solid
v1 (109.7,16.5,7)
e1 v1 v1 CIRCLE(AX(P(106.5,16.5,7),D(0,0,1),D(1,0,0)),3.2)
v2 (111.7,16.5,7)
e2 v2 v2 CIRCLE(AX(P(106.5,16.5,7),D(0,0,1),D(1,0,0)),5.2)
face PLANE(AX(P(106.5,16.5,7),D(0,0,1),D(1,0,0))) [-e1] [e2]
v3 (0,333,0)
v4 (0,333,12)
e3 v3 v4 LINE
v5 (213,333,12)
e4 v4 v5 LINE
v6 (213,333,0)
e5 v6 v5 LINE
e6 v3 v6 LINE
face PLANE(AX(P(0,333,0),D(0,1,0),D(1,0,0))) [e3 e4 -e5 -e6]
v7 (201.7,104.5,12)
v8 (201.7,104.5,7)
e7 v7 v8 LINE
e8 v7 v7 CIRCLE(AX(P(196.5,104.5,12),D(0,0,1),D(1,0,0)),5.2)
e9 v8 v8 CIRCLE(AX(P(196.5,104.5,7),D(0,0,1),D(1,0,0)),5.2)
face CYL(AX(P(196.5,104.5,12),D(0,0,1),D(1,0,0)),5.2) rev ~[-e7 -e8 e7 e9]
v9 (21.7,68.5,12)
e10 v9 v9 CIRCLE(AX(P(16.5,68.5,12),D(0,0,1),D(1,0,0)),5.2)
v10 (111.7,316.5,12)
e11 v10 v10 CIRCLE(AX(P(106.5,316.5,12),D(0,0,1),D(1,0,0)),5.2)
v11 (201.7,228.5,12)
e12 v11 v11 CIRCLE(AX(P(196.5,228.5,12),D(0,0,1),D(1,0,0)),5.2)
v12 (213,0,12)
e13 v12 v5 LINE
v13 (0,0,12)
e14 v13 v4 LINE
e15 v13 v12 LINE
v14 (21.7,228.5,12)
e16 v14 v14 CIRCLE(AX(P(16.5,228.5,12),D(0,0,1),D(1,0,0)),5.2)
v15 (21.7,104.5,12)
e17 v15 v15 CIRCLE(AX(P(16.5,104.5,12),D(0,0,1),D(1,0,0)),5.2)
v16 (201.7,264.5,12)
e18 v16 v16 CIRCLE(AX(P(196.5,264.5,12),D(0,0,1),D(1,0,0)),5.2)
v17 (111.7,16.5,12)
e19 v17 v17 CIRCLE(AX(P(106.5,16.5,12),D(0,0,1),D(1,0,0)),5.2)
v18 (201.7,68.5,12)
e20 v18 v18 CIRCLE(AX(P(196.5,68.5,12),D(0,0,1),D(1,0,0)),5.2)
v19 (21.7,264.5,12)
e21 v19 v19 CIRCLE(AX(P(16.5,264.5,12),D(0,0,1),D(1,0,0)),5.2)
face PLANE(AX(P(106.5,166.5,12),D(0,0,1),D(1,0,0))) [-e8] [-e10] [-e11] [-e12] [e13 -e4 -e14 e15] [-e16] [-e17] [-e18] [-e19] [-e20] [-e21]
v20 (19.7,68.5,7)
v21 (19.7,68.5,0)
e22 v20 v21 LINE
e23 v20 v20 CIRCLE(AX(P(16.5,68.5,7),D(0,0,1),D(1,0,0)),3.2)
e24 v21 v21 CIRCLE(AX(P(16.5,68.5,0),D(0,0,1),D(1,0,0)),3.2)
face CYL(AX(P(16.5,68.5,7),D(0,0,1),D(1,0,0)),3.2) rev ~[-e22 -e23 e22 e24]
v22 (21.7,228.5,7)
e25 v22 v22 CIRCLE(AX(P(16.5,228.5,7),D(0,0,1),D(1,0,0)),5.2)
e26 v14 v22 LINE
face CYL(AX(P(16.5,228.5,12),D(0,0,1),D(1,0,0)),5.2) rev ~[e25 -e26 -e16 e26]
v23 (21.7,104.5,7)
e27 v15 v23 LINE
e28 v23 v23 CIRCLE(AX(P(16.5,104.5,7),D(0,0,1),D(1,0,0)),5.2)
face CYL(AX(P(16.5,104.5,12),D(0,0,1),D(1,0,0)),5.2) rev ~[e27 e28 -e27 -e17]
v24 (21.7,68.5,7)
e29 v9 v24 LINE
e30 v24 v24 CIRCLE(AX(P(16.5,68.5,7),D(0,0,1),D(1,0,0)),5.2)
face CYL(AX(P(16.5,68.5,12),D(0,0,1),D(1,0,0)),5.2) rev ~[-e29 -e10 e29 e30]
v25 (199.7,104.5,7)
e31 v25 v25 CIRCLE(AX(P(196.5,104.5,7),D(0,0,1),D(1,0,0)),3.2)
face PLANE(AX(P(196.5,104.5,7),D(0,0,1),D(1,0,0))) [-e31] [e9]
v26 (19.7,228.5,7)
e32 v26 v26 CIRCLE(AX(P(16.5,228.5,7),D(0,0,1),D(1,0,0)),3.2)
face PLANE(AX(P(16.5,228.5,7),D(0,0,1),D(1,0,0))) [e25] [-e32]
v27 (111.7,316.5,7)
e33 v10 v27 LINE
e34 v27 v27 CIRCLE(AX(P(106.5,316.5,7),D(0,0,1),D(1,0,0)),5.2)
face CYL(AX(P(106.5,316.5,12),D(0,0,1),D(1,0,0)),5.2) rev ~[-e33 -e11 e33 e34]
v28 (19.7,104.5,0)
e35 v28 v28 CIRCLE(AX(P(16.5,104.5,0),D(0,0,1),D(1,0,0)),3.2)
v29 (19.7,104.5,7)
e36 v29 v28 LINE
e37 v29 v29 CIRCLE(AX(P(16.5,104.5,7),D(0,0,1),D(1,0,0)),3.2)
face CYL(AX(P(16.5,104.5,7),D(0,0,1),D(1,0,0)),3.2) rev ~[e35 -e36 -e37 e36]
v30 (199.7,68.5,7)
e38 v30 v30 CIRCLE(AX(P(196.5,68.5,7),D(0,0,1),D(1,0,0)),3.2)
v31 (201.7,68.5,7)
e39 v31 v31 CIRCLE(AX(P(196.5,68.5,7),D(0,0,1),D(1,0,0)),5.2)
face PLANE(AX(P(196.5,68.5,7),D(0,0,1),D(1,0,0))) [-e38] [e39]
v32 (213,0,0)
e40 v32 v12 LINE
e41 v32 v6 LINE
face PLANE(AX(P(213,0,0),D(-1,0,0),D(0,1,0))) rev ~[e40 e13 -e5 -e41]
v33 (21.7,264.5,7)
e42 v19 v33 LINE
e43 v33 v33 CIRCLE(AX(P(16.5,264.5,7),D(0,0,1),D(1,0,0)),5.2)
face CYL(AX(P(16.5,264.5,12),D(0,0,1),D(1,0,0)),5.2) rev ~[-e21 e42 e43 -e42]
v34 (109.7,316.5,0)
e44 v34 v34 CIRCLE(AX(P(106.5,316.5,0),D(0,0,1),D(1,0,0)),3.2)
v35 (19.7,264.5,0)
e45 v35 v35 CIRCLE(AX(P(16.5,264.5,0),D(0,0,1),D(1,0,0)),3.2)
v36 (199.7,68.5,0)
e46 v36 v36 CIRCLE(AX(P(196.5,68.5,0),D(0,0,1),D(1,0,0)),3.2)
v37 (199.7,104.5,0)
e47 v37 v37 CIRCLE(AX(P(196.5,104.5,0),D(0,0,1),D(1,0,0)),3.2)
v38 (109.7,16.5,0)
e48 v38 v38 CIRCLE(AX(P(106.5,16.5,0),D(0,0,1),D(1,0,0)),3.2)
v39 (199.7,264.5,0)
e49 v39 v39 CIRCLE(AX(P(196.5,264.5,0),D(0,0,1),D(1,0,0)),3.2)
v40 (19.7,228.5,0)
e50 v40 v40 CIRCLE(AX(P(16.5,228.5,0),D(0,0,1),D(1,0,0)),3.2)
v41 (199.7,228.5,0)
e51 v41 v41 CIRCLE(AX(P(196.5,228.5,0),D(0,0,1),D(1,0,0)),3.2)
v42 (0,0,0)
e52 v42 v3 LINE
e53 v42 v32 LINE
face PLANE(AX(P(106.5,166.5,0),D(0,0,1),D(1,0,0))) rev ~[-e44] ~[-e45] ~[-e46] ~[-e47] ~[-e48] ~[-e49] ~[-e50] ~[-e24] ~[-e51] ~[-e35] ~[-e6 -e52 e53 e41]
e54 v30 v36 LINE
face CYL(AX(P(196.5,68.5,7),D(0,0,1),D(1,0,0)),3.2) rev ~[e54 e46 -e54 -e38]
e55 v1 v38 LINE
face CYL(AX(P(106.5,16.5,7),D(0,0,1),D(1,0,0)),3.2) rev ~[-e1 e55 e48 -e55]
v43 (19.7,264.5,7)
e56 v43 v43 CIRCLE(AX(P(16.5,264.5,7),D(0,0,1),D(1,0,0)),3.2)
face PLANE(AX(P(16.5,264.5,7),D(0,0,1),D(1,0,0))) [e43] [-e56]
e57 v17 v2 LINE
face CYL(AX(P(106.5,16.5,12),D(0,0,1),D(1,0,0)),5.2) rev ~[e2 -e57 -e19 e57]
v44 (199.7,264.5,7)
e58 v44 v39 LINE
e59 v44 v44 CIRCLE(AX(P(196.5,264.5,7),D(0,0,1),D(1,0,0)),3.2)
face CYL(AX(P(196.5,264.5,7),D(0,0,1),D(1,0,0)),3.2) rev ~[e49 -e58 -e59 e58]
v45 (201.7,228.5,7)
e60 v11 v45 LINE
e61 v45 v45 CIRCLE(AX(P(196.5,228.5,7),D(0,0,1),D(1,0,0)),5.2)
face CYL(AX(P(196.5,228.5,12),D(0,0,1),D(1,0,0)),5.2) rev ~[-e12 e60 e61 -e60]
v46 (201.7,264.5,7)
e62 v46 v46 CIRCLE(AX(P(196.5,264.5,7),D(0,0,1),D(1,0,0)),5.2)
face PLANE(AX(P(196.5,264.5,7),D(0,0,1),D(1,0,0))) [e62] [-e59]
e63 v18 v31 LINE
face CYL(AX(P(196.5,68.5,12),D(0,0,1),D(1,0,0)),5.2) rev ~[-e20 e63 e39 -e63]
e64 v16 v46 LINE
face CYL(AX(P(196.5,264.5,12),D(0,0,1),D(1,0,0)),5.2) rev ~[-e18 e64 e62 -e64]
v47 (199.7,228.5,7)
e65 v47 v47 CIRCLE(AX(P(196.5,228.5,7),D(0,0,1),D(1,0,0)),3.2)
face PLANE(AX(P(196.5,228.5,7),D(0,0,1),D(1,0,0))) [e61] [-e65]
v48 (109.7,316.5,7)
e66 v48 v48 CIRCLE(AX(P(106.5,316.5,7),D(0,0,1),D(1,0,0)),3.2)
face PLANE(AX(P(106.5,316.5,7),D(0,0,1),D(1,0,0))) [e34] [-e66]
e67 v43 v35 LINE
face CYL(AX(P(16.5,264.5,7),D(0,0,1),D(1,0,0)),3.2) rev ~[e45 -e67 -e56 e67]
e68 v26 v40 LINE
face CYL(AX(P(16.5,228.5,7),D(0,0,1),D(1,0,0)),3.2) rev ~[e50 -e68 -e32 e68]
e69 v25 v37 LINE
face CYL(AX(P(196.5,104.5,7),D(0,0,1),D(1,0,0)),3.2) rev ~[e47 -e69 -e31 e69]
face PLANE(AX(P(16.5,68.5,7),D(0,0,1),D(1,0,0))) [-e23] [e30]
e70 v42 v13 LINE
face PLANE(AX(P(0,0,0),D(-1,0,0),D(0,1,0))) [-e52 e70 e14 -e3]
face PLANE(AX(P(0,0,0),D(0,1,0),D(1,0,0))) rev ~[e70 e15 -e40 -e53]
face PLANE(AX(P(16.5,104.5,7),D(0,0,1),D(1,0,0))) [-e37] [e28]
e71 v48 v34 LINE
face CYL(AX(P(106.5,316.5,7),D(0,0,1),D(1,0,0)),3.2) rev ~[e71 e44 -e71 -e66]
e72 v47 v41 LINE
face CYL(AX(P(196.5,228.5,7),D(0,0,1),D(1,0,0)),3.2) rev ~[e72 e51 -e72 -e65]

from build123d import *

# Parameters (mm, degrees)
SKETCH_W        = 213
SKETCH_H        = 333
PAD_DEPTH       = 12
SKETCH001_R     = 5.2
POCKET_DEPTH    = 5
SKETCH002_R     = 3.2
POCKET001_DEPTH = 7


with BuildPart() as part:
    # Sketch → Pad (new body)
    with BuildSketch(Plane.XY):
        with Locations((106.5, 166.5)):
            Rectangle(SKETCH_W, SKETCH_H)
    extrude(amount=PAD_DEPTH)

    # Sketch001 (on Face6 of Pad) → Pocket (cut)
    with BuildSketch(Plane.XY.offset(12)):
        with Locations((16.5, 264.5)):
            Circle(SKETCH001_R)
        with Locations((16.5, 228.5)):
            Circle(SKETCH001_R)
        with Locations((16.5, 104.5)):
            Circle(SKETCH001_R)
        with Locations((16.5, 68.5)):
            Circle(SKETCH001_R)
        with Locations((196.5, 264.5)):
            Circle(SKETCH001_R)
        with Locations((196.5, 228.5)):
            Circle(SKETCH001_R)
        with Locations((196.5, 104.5)):
            Circle(SKETCH001_R)
        with Locations((196.5, 68.5)):
            Circle(SKETCH001_R)
        with Locations((106.5, 316.5)):
            Circle(SKETCH001_R)
        with Locations((106.5, 16.5)):
            Circle(SKETCH001_R)
    extrude(amount=-POCKET_DEPTH, mode=Mode.SUBTRACT)

    # Sketch002 (on Face23 of Pocket) → Pocket001 (cut)
    with BuildSketch(Plane.XY.offset(7)):
        with Locations((106.5, 316.5)):
            Circle(SKETCH002_R)
        with Locations((16.5, 264.5)):
            Circle(SKETCH002_R)
        with Locations((16.5, 228.5)):
            Circle(SKETCH002_R)
        with Locations((16.5, 104.5)):
            Circle(SKETCH002_R)
        with Locations((16.5, 68.5)):
            Circle(SKETCH002_R)
        with Locations((106.5, 16.5)):
            Circle(SKETCH002_R)
        with Locations((196.5, 68.5)):
            Circle(SKETCH002_R)
        with Locations((196.5, 104.5)):
            Circle(SKETCH002_R)
        with Locations((196.5, 228.5)):
            Circle(SKETCH002_R)
        with Locations((196.5, 264.5)):
            Circle(SKETCH002_R)
    extrude(amount=-POCKET001_DEPTH, mode=Mode.SUBTRACT)


solid = part.part
